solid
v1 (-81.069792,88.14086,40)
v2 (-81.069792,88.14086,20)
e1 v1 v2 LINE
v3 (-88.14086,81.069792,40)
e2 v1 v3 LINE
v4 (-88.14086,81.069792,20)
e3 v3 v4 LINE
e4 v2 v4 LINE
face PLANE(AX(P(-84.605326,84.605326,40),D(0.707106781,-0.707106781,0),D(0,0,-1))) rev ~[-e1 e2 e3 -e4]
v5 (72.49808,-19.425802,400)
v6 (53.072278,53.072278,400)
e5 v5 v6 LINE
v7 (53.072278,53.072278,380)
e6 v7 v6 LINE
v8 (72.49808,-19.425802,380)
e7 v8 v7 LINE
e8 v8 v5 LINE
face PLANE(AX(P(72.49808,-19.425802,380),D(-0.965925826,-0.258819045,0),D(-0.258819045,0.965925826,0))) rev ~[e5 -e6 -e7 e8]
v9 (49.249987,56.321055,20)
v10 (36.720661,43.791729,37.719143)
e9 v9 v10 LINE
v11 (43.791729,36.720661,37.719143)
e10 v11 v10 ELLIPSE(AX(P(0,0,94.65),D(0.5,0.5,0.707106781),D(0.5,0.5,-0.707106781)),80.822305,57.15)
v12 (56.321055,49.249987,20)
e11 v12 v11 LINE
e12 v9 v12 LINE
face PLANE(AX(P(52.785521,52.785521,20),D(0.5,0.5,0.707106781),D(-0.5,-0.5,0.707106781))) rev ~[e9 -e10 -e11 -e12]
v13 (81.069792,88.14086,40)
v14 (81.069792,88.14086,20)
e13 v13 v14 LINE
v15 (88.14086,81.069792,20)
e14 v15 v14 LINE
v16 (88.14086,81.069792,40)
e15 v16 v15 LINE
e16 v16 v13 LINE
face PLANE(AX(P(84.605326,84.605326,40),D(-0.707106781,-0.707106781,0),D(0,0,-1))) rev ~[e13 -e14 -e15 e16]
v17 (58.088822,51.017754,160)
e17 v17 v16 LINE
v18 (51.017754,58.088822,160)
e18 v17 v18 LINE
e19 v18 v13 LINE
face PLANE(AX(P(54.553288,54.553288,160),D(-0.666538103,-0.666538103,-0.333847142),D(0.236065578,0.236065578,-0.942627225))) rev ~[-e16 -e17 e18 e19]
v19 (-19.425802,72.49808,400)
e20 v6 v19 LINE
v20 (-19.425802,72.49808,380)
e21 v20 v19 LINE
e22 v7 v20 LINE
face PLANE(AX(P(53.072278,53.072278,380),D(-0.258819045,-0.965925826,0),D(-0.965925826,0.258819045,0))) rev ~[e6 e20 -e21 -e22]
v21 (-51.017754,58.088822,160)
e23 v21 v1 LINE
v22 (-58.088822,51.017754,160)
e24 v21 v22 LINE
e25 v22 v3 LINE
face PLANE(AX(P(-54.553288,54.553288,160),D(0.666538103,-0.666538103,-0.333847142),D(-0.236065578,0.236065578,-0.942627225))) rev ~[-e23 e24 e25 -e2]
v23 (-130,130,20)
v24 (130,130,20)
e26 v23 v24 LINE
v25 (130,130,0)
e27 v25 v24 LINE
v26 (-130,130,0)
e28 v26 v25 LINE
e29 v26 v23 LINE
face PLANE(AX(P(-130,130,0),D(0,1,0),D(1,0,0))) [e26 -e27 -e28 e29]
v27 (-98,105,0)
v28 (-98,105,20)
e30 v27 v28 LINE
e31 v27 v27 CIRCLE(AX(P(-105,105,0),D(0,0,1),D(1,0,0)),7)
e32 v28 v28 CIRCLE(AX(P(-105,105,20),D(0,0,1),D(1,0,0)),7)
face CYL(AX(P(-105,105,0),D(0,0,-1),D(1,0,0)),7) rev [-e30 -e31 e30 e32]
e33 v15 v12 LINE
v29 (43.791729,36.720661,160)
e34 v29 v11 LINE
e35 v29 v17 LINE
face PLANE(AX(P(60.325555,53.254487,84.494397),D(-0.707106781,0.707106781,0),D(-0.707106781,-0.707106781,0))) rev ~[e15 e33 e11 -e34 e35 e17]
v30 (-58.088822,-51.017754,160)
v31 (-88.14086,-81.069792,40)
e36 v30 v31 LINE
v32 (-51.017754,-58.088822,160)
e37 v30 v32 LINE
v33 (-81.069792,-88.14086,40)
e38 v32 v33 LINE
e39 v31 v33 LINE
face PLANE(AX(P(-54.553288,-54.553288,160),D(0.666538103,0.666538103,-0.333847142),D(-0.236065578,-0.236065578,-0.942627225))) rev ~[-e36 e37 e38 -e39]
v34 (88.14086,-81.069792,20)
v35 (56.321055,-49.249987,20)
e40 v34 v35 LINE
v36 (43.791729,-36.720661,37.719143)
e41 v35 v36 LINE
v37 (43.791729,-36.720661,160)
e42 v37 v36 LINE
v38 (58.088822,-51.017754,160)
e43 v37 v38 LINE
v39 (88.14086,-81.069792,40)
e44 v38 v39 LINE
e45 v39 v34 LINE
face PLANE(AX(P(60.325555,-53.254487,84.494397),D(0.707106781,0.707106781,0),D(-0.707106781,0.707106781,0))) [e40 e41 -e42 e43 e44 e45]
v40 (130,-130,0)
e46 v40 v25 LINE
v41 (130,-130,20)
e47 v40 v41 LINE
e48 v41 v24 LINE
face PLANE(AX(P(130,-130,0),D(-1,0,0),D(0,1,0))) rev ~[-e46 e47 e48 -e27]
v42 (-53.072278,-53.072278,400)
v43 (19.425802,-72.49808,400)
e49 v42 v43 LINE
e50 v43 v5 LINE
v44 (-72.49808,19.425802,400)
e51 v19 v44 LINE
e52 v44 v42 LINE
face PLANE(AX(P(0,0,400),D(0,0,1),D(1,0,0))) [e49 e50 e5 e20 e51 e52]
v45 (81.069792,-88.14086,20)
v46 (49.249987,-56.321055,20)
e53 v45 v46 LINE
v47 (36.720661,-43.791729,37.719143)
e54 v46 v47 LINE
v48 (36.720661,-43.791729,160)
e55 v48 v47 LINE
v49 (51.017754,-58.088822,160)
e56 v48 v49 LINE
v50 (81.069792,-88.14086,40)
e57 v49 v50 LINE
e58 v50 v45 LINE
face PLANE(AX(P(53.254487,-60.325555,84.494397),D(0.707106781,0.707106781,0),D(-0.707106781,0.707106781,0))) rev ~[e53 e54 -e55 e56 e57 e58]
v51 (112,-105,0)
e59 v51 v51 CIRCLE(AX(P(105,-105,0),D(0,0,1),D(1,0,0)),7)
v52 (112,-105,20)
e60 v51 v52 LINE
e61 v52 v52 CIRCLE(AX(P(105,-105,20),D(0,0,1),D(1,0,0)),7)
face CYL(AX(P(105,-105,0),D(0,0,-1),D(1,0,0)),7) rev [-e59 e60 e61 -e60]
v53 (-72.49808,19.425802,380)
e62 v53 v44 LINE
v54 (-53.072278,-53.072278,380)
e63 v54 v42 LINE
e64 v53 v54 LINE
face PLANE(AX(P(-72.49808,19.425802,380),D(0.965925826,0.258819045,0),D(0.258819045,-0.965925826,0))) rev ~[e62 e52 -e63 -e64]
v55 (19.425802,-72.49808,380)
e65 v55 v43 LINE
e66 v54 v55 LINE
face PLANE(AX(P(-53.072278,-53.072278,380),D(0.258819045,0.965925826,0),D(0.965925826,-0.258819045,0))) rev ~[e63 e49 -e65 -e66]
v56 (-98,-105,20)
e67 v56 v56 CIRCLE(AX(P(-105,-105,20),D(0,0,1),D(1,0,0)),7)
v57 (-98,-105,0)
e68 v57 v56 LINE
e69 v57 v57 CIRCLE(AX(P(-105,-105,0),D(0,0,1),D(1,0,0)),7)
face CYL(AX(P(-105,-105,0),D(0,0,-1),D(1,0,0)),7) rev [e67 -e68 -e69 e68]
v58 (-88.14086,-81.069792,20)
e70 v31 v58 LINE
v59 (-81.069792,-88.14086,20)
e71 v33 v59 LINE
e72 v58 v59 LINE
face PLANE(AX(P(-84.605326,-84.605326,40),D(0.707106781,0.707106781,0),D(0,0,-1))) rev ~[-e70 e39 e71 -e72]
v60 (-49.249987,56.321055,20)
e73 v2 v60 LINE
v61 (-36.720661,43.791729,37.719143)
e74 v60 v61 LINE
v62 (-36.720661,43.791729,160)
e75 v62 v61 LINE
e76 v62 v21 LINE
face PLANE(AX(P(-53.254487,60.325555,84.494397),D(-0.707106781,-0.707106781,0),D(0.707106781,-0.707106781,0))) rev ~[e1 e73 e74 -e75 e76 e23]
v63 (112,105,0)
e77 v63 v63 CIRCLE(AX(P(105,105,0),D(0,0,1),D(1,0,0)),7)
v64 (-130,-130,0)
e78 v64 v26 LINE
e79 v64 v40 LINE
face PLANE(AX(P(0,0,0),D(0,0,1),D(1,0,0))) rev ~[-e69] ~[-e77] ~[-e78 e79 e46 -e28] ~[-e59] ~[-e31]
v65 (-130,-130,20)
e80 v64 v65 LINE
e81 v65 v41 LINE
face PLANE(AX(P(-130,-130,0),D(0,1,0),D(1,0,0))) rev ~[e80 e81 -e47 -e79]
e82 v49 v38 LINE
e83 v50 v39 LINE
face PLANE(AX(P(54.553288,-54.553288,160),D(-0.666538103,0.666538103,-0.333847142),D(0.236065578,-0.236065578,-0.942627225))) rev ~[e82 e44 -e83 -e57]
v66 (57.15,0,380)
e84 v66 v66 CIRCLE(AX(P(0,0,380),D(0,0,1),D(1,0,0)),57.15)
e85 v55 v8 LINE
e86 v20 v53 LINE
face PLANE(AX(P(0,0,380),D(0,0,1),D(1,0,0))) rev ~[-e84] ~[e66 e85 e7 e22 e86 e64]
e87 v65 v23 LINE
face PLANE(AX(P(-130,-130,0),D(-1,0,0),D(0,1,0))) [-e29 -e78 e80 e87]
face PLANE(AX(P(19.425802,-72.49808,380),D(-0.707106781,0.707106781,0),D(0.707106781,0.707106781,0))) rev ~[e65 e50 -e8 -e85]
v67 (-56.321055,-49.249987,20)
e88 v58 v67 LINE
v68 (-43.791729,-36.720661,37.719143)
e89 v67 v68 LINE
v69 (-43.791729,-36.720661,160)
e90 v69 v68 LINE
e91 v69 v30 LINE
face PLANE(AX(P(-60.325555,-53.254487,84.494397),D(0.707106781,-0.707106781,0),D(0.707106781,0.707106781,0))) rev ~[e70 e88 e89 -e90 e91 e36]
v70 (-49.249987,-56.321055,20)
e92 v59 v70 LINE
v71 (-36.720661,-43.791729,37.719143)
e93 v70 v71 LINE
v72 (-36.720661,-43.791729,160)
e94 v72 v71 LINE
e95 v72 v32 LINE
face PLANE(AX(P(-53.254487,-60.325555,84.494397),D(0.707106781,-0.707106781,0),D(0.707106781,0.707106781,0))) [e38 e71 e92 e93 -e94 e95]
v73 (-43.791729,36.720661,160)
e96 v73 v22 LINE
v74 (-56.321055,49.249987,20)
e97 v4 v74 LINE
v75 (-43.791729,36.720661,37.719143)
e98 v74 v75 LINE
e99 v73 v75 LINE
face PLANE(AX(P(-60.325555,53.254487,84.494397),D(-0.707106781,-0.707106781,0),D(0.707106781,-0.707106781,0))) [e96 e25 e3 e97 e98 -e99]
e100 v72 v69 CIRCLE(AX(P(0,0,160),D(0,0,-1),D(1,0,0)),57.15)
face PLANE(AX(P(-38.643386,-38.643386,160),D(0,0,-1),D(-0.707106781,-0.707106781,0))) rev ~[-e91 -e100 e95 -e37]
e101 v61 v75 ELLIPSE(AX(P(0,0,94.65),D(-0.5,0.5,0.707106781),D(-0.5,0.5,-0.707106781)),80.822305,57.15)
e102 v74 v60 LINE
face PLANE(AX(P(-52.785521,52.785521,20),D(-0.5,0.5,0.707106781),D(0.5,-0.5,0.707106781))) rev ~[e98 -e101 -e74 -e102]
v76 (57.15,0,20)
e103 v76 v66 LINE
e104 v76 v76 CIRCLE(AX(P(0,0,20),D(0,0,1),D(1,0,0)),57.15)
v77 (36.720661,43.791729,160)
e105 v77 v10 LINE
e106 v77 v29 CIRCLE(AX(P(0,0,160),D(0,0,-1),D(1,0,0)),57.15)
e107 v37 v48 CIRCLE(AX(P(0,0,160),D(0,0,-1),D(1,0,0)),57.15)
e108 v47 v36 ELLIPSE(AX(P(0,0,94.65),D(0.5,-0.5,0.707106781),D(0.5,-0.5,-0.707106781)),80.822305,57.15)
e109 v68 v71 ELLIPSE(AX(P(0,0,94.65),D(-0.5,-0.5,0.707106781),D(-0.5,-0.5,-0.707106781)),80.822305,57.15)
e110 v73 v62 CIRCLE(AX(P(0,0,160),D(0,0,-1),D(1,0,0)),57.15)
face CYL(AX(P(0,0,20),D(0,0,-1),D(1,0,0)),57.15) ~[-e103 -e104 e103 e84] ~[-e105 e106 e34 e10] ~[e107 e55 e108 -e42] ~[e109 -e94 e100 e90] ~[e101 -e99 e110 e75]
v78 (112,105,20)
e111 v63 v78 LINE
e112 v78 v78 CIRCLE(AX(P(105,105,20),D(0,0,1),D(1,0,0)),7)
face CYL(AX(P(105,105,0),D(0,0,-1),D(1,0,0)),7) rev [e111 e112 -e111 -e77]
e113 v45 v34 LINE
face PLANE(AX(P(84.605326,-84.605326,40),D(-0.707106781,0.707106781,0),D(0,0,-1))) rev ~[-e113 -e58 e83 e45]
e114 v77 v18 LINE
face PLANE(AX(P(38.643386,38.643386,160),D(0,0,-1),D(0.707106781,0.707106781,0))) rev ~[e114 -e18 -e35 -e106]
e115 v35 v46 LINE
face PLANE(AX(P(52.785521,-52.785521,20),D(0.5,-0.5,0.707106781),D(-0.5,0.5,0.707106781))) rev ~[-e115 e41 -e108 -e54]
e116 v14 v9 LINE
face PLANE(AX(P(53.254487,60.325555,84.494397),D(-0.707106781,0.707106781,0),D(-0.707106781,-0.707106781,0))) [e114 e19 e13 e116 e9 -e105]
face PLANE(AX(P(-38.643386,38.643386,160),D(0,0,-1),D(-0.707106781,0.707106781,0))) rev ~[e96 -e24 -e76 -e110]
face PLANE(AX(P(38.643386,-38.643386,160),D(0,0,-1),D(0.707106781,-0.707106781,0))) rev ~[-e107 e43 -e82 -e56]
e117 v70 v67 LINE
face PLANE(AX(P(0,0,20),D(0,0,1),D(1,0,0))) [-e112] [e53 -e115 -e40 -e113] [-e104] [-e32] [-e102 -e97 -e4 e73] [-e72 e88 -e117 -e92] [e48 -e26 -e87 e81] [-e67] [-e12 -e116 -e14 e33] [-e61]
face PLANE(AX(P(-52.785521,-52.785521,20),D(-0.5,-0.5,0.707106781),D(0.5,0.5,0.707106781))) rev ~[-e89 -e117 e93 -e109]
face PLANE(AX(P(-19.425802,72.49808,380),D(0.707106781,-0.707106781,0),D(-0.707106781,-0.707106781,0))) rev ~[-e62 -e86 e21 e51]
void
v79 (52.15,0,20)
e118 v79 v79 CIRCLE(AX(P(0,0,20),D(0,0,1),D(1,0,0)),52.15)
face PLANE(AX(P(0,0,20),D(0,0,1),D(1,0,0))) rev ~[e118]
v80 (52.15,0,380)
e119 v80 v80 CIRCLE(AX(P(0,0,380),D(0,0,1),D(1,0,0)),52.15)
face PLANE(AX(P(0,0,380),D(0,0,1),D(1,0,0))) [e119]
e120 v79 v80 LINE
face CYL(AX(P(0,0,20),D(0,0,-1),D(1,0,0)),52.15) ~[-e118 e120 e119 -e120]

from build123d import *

# Parameters (mm, degrees)
SKETCH001_R           = 57.15
SKETCH001_R_2         = 52.15
EXTRUDE001_DEPTH      = 360
EXTRUDE002_DEPTH      = 5
ARRAY_COUNT           = 4
ARRAY_PLACEMENT_ANGLE = 45
EXTRUDE003_DEPTH      = 20
SKETCH_W              = 260
SKETCH_H              = 260
SKETCH_R              = 7
EXTRUDE_DEPTH         = 20


with BuildPart() as r114x5:
    # Sketch001 (on Face10 of Extrude) → Extrude001 (new body)
    with BuildSketch(Plane.XY.offset(20)):
        Circle(SKETCH001_R)
        Circle(SKETCH001_R_2, mode=Mode.SUBTRACT)
    extrude(amount=EXTRUDE001_DEPTH)


with BuildPart() as steifen:
    # Sketch002 → Extrude002 (new body, symmetric)
    with BuildSketch(Plane.XZ):
        Polygon((54.65, 160), (77.15, 160), (119.65, 40), (119.65, 20), (74.65, 20), (54.65, 40), align=None)
    extrude(amount=EXTRUDE002_DEPTH, both=True)

    # Array: steifen ×4 about axis
    array_axis = Axis((0, 0, 0), (0, 0, 1))


with BuildPart() as steifen_1:
    add(steifen.part)
    for i in range(1, ARRAY_COUNT):
        add(steifen.part.rotate(array_axis, i * 360 / ARRAY_COUNT))


with BuildPart() as steifen_2:
    # Array placement: moved
    add(steifen_1.part.rotate(Axis((0, 0, 0), (0, 0, 1)), ARRAY_PLACEMENT_ANGLE))


with BuildPart() as lastplatte:
    # Sketch003 (on Face4 of Extrude001) → Extrude003 (new body)
    with BuildSketch(Plane.XY.offset(380)):
        Polygon((72.49808, -19.425802), (53.072278, 53.072278), (-19.425802, 72.49808), (-72.49808, 19.425802), (-53.072278, -53.072278), (19.425802, -72.49808), align=None)
    extrude(amount=EXTRUDE003_DEPTH)


with BuildPart() as fusion:
    # Sketch → Extrude (new body)
    with BuildSketch(Plane.XY):
        Rectangle(SKETCH_W, SKETCH_H)
        with Locations((-105, 105)):
            Circle(SKETCH_R, mode=Mode.SUBTRACT)
        with Locations((105, 105)):
            Circle(SKETCH_R, mode=Mode.SUBTRACT)
        with Locations((-105, -105)):
            Circle(SKETCH_R, mode=Mode.SUBTRACT)
        with Locations((105, -105)):
            Circle(SKETCH_R, mode=Mode.SUBTRACT)
    extrude(amount=EXTRUDE_DEPTH)

    # Fusion: union R114x5, steifen, lastplatte
    add(r114x5.part)
    add(steifen_2.part)
    add(lastplatte.part)


solid = fusion.part
